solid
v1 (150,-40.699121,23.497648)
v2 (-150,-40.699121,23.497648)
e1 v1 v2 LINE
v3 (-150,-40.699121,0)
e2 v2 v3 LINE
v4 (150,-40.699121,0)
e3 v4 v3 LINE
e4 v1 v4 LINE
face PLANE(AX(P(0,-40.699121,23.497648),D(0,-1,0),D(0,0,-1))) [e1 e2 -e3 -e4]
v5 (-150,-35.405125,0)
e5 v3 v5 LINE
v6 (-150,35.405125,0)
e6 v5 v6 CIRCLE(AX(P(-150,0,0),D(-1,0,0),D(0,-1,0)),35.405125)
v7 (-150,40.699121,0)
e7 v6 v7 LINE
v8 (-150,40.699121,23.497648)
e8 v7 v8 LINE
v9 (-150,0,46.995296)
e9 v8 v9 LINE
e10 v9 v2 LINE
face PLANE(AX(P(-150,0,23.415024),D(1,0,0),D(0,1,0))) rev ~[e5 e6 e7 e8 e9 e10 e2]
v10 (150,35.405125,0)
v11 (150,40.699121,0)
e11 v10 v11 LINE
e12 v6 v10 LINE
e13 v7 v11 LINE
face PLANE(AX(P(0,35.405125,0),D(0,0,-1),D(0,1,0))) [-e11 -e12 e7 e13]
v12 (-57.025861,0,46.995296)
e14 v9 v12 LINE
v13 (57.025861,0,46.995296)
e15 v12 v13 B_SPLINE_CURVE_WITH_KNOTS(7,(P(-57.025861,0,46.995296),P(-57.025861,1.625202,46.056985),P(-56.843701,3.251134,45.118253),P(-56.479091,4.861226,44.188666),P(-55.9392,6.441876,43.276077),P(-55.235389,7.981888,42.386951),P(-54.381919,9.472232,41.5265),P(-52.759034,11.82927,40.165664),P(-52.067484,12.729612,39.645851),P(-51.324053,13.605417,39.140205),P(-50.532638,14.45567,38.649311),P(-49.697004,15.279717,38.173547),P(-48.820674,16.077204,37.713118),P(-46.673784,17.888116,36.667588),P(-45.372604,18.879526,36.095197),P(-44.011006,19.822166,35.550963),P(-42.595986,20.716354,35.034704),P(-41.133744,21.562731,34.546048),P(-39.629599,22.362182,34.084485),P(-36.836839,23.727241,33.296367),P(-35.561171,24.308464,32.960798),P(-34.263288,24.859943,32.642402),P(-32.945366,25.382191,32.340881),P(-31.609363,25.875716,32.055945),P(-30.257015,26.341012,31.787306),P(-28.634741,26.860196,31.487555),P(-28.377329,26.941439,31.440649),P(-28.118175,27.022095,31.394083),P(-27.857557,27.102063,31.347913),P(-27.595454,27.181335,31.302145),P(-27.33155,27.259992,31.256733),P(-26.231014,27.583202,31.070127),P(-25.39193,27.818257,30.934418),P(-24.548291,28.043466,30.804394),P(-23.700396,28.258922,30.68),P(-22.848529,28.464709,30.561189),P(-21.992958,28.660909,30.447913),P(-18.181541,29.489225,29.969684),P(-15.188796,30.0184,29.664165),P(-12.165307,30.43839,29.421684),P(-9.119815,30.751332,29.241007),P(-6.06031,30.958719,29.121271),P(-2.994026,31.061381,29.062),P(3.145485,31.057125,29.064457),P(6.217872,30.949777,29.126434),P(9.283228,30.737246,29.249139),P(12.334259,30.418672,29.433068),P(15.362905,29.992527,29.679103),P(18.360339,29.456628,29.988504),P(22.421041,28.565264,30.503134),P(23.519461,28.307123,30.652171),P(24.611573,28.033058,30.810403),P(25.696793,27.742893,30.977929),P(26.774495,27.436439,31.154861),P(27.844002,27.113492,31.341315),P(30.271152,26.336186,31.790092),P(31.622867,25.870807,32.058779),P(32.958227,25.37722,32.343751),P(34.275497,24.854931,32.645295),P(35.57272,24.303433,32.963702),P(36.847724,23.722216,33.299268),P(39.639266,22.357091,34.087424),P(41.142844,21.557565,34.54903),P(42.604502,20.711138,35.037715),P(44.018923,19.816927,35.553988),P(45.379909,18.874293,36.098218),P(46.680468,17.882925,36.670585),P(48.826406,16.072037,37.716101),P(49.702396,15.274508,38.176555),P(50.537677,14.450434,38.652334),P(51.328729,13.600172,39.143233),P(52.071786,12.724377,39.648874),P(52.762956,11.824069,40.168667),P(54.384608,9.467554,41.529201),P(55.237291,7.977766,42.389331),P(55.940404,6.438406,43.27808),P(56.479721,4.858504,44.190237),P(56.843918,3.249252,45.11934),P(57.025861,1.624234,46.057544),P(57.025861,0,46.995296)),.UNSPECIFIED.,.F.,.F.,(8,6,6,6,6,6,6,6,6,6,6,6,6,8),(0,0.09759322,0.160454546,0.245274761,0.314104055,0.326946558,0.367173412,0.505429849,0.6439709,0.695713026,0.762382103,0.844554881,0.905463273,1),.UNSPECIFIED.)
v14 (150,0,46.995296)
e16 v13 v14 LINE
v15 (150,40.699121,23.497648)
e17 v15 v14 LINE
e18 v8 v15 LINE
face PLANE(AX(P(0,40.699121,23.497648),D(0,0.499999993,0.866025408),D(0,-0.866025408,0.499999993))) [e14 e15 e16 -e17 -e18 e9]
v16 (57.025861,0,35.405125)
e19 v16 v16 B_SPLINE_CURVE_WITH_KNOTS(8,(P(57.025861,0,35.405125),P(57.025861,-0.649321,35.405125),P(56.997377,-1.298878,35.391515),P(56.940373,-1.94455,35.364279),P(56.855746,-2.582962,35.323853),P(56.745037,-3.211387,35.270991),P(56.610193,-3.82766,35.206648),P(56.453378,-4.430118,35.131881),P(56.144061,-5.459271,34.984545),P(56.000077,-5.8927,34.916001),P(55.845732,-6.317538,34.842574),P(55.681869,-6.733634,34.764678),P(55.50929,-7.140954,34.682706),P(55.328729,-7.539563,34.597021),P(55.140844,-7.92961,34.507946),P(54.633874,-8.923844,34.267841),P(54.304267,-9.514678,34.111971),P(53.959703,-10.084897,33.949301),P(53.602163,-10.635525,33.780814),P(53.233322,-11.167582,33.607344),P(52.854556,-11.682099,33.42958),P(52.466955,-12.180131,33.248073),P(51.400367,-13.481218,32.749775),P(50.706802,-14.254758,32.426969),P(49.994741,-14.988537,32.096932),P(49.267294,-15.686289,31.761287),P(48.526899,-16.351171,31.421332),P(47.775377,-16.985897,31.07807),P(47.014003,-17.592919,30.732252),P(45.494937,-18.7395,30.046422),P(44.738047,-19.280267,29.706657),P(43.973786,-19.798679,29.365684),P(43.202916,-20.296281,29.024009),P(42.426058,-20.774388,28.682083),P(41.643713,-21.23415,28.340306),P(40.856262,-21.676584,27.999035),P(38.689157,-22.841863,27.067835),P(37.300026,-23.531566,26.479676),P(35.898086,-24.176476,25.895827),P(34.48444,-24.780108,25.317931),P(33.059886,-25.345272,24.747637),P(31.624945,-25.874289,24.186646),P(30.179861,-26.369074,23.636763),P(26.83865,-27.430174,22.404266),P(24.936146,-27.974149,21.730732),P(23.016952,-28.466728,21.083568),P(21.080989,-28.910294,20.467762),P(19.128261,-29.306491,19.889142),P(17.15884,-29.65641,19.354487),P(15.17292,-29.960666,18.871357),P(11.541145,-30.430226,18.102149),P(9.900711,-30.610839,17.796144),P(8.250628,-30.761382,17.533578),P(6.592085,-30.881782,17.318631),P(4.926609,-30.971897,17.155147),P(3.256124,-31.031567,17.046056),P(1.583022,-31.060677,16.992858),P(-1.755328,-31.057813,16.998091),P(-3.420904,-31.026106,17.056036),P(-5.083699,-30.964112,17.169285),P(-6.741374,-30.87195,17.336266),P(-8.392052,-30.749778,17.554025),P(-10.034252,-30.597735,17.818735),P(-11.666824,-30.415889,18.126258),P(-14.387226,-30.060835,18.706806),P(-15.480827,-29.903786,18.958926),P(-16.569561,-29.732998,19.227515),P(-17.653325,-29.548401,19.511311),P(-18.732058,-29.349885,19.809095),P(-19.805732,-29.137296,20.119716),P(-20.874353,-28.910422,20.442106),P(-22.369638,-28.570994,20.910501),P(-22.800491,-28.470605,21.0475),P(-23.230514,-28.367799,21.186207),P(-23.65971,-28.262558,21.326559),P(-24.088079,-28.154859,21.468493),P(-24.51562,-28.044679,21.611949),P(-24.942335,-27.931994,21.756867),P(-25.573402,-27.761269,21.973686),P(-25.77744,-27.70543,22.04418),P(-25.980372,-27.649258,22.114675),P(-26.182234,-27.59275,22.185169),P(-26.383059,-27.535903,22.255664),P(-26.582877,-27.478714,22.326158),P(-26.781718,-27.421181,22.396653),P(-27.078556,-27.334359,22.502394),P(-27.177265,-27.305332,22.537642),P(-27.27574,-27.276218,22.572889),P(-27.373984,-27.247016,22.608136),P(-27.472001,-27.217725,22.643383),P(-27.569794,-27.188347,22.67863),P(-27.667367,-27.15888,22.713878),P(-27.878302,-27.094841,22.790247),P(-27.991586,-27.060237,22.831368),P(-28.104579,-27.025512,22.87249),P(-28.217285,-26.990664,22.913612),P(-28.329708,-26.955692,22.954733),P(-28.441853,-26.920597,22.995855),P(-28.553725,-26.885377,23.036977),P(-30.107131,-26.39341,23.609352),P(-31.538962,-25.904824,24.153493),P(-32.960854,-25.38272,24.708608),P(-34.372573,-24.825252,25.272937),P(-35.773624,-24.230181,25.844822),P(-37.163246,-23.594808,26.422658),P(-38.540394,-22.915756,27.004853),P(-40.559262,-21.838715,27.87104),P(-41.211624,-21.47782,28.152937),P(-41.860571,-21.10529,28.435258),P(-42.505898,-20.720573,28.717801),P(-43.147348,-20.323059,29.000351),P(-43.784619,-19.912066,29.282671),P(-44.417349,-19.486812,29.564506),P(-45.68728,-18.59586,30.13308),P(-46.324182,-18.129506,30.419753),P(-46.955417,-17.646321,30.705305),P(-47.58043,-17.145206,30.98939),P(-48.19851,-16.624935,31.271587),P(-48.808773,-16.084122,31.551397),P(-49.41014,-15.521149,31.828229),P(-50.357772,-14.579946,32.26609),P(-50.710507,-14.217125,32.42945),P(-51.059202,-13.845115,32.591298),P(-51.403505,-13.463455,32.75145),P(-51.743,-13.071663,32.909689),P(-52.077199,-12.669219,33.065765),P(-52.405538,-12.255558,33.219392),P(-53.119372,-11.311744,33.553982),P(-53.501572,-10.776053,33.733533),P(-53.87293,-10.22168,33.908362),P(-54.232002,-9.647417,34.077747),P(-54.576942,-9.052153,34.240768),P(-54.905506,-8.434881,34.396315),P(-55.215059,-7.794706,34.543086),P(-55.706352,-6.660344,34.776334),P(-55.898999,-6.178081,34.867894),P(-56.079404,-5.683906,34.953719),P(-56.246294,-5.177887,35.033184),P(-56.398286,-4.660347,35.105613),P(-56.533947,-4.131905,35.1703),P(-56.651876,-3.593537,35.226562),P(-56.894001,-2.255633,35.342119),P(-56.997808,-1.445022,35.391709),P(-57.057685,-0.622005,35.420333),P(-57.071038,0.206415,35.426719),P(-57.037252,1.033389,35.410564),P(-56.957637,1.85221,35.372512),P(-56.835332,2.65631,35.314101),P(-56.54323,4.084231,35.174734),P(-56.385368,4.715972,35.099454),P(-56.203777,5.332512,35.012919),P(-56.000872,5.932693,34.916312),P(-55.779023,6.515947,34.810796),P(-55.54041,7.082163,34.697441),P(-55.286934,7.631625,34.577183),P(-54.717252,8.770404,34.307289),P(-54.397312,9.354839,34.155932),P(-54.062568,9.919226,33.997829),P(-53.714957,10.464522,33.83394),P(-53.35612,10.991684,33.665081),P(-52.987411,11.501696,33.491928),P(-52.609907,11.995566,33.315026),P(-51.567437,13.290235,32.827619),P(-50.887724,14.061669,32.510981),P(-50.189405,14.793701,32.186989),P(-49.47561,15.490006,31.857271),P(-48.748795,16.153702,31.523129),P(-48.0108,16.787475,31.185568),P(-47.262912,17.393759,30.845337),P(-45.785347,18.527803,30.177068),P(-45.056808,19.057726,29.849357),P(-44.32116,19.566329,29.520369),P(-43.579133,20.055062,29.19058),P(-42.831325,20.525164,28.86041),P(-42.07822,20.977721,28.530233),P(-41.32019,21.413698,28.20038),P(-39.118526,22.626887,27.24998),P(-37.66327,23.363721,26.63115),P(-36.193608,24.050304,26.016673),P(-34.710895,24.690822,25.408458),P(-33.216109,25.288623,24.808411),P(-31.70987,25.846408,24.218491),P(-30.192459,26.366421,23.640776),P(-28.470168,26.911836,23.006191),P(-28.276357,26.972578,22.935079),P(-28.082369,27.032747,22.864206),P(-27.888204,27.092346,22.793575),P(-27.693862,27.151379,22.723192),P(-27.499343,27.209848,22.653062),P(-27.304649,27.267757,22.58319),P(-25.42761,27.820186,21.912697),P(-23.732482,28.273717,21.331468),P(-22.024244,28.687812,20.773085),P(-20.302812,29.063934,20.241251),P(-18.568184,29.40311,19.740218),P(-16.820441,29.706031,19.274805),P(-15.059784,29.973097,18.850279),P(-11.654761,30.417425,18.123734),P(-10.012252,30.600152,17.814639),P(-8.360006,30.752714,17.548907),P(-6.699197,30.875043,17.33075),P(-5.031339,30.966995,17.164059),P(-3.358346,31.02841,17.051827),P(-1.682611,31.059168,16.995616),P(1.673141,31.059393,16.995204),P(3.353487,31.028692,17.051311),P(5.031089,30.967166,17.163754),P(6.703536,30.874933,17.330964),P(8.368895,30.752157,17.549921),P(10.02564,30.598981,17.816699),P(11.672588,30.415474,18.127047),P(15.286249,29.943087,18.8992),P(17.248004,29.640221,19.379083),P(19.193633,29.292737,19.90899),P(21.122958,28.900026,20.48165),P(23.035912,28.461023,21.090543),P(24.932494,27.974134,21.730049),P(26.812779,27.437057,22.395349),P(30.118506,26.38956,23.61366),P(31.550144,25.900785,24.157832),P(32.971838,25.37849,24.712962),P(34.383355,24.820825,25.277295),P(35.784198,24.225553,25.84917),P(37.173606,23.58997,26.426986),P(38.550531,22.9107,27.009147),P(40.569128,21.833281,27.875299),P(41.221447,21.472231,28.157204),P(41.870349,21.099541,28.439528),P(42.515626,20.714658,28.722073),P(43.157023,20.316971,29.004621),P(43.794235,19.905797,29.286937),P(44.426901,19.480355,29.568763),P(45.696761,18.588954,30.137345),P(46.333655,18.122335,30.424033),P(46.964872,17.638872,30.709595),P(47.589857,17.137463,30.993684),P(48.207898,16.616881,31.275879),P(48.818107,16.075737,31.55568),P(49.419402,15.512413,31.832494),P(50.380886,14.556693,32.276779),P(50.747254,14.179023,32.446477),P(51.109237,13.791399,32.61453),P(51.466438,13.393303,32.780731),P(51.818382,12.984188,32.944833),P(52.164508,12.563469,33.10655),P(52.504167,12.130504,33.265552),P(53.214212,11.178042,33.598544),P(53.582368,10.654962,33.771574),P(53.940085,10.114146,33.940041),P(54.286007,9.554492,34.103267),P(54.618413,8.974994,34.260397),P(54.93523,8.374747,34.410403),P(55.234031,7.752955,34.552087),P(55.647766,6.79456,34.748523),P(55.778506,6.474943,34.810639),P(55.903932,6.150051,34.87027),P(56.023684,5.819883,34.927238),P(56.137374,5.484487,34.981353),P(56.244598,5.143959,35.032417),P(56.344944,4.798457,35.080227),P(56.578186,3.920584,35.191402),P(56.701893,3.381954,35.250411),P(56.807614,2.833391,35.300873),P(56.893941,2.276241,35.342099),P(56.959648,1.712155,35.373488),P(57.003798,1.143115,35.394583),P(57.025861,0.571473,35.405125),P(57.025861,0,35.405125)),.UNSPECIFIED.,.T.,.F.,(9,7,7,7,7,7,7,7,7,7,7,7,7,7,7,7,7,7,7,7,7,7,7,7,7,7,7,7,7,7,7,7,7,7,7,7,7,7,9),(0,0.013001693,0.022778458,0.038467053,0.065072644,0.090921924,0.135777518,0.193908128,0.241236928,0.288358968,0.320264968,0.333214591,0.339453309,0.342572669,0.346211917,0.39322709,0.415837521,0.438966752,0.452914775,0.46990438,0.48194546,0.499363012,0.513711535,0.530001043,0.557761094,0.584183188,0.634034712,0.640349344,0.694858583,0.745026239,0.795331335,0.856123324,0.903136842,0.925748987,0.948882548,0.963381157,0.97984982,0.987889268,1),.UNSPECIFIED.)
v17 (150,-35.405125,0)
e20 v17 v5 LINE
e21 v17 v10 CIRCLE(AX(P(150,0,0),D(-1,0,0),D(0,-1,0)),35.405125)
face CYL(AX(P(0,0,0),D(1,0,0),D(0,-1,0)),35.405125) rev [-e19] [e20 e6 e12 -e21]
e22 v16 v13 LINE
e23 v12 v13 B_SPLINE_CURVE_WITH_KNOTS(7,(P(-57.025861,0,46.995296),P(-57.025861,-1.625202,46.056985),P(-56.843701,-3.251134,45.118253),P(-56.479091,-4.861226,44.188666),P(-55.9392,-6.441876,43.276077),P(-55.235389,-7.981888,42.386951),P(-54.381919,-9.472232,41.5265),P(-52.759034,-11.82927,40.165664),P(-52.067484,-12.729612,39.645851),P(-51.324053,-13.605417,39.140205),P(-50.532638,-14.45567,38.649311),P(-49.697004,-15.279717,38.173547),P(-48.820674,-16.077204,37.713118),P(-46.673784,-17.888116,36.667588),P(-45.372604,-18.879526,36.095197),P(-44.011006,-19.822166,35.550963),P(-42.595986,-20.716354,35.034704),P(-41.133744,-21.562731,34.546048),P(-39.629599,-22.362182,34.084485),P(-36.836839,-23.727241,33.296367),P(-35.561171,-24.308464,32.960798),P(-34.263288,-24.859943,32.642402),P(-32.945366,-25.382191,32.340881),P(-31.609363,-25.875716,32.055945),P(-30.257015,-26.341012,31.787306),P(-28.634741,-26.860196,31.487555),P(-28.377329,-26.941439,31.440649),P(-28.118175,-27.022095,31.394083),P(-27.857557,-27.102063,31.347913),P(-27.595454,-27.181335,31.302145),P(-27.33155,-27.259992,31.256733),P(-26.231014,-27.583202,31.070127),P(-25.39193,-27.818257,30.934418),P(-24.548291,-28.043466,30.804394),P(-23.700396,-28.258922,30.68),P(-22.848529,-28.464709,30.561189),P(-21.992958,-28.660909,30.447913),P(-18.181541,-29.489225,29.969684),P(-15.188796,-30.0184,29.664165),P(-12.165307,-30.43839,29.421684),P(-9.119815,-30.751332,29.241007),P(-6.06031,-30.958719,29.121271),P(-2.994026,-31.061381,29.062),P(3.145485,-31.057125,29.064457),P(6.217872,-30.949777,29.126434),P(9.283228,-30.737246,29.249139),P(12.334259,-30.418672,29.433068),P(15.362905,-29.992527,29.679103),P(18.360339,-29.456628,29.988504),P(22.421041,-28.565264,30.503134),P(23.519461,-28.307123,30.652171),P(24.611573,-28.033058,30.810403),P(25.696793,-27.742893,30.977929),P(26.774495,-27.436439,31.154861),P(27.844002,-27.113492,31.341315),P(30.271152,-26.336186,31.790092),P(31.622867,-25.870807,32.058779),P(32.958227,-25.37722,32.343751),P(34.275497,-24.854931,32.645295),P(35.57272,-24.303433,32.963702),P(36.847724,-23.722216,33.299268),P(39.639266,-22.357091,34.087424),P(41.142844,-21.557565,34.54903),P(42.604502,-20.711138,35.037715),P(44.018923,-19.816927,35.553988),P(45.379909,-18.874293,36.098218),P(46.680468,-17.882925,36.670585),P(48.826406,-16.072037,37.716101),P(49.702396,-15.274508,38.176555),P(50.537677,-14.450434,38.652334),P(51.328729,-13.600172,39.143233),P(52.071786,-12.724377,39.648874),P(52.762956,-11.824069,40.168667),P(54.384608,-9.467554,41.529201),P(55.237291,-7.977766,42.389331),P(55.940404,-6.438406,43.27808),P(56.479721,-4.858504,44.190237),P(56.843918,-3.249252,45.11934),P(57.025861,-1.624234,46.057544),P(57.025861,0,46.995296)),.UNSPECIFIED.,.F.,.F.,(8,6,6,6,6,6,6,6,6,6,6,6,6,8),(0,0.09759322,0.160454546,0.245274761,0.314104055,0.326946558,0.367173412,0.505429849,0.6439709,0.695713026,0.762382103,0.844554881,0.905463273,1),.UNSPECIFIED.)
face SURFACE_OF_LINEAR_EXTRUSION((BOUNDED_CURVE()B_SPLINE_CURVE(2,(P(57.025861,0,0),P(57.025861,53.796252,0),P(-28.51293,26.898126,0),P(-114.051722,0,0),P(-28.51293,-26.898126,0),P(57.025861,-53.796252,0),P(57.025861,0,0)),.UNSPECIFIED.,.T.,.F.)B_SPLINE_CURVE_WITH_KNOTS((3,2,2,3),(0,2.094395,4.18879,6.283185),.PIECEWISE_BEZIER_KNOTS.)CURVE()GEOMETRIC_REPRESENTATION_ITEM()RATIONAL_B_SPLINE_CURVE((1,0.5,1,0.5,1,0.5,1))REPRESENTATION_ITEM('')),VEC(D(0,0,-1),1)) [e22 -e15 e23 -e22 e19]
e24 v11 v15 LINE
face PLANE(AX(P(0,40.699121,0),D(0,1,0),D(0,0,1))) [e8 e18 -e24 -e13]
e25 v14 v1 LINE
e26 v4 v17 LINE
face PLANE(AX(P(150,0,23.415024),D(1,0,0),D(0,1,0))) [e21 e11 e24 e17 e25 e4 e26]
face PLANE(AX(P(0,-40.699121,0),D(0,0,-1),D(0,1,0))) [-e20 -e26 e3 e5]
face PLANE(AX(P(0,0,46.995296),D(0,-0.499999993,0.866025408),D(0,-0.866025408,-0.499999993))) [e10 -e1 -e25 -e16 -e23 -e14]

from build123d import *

# Parameters (mm, degrees)
F1_DEPTH = 150
F3_DEPTH = 46.996296


with BuildPart() as f1:
    # F0 (on Right) → F1 (new body, symmetric)
    with BuildSketch(Plane.YZ):
        with BuildLine():
            ThreePointArc((-35.405125, 0), (0, 35.405125), (35.405125, 0))
            Line((35.405125, 0), (40.699121, 0))
            Line((40.699121, 0), (40.699121, 23.497648))
            Line((40.699121, 23.497648), (0, 46.995296))
            Line((0, 46.995296), (-40.699121, 23.497648))
            Line((-40.699121, 23.497648), (-40.699121, 0))
            Line((-40.699121, 0), (-35.405125, 0))
        make_face()
    extrude(amount=F1_DEPTH, both=True)

    # F2 (on Top) → F3 (cut, through all)
    with BuildSketch(Plane.XY):
        with BuildLine():
            add(Edge.make_bspline(
                [(57.025861, 0), (57.025861, 53.796252), (-28.51293, 26.898126), (-114.051722, 0), (-28.51293, -26.898126), (57.025861, -53.796252), (57.025861, 0)],
                knots=[0, 0, 0, 2.094395, 2.094395, 4.18879, 4.18879, 6.283185, 6.283185, 6.283185], degree=2, weights=[1, 0.5, 1, 0.5, 1, 0.5, 1]))
        make_face()
    extrude(amount=F3_DEPTH, mode=Mode.SUBTRACT)


solid = f1.part
